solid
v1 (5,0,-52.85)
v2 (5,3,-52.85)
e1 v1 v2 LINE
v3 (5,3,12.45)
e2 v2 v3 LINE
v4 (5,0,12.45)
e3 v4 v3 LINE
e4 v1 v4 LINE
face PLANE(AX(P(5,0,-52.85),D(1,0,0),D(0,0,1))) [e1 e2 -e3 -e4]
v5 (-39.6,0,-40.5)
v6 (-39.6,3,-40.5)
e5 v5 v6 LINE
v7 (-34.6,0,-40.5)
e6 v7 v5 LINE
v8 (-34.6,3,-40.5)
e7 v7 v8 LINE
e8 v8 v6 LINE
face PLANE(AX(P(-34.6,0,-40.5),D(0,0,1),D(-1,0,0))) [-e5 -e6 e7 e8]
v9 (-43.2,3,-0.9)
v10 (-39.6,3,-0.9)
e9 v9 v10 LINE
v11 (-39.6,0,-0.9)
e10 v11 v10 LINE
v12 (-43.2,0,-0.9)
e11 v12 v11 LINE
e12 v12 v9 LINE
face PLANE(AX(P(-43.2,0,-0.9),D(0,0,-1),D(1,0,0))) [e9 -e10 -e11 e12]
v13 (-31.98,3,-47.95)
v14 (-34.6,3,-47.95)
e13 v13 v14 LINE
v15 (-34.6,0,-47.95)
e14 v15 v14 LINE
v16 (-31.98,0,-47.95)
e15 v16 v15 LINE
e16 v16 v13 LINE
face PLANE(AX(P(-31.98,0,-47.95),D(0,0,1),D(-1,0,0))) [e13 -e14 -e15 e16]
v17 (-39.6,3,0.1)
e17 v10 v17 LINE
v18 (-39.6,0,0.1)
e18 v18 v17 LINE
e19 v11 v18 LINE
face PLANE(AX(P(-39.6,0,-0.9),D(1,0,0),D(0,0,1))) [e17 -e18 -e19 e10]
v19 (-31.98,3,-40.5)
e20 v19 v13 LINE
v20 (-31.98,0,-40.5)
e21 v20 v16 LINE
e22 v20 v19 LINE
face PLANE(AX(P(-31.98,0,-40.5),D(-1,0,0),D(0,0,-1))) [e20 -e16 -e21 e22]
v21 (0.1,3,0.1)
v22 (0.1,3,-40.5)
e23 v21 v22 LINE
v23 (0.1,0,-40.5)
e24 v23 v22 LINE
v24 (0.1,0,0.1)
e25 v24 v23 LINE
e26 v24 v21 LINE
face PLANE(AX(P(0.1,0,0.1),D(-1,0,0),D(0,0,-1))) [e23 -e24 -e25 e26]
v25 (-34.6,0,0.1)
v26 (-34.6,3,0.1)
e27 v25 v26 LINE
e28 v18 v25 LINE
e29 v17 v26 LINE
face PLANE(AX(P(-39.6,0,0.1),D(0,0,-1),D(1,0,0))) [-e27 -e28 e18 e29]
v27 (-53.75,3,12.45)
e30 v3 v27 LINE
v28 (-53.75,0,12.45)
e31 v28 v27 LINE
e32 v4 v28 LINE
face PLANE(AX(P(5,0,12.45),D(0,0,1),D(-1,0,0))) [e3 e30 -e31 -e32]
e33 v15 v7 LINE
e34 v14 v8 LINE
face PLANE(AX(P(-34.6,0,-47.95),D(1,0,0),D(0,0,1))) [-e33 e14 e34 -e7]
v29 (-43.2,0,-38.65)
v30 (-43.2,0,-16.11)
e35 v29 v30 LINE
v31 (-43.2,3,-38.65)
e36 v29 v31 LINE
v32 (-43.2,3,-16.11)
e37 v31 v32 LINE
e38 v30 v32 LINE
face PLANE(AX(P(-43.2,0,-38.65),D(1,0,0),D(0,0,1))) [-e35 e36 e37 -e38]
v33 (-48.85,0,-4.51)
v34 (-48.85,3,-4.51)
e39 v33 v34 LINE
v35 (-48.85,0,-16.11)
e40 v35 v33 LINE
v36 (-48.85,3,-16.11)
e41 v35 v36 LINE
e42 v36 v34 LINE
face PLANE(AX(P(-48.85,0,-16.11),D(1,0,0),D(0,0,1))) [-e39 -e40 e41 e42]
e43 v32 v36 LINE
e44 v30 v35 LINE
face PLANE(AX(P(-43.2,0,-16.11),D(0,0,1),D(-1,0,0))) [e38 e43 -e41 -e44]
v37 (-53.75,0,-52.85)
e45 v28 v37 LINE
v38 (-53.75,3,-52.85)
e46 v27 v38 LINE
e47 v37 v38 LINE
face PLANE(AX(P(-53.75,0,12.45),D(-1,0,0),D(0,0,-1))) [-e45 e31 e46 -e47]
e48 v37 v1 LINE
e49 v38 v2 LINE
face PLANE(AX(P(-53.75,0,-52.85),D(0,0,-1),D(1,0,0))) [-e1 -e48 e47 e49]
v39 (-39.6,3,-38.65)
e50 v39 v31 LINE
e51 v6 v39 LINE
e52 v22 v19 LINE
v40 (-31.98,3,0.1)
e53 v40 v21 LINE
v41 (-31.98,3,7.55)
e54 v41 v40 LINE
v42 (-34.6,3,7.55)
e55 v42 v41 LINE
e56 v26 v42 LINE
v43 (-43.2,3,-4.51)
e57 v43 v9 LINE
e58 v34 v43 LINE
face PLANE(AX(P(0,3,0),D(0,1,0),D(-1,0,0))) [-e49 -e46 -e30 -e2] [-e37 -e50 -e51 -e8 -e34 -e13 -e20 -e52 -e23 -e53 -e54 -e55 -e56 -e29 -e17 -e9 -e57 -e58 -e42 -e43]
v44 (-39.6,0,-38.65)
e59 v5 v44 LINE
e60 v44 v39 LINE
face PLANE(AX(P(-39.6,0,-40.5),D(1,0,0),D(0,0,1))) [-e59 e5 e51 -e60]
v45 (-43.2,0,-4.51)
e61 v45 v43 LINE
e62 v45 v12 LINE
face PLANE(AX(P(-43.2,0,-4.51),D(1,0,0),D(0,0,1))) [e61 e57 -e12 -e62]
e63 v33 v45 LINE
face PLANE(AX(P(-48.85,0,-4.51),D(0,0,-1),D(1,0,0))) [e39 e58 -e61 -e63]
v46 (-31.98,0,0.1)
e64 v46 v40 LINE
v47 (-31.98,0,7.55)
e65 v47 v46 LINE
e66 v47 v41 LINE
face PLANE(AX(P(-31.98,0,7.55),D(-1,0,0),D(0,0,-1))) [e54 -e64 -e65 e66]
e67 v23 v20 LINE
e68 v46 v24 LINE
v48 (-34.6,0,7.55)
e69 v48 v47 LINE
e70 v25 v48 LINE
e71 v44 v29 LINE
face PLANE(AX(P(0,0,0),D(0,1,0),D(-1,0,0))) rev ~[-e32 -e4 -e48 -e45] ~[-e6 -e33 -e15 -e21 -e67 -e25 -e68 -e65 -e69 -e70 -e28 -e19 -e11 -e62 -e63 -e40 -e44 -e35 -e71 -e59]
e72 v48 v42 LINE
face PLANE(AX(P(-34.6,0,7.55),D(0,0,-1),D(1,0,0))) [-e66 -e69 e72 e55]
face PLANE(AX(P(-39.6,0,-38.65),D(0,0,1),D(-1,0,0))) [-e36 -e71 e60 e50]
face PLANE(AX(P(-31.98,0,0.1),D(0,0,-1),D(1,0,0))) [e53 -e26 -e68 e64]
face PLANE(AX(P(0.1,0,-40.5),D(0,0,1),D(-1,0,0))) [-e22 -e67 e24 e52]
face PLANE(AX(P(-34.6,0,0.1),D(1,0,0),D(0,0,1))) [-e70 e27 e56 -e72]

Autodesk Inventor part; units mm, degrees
ref_plane "YZ Plane" through (0, 0, 0) normal (1, 0, 0) x (0, 1, 0)
ref_plane "XZ Plane" through (0, 0, 0) normal (0, 1, 0) x (-1, 0, 0)
ref_plane "XY Plane" through (0, 0, 0) normal (0, 0, 1) x (1, 0, 0)
sketch "Sketch1" plane through (0, 0, 0) normal (0, 1, 0) x (-1, 0, 0)
  line L0 (0, 0) -> (32.08, 0)
  line L1 (39.5, 0) -> (39.5, -1)
  line L2 (39.5, -40.4) -> (34.5, -40.4)
  line L3 (0, -40.4) -> (0, 0)
  line L4 (39.5, -20.2) -> (34.5, -20.2) construction
  line L5 (34.5, 7.45) -> (32.08, 7.45)
  line L6 (32.08, 7.45) -> (32.08, 0)
  line L7 (32.08, -47.85) -> (34.5, -47.85)
  line L8 (34.5, -47.85) -> (34.5, -40.4)
  line L9 (43.1, -1) -> (39.5, -1)
  line L10 (39.5, -1) -> (39.5, -38.55) construction
  line L11 (39.5, -38.55) -> (43.1, -38.55)
  line L12 (43.1, -38.55) -> (43.1, -16.01)
  line L13 (48.75, -4.61) -> (43.1, -4.61)
  line L14 (43.1, -4.61) -> (43.1, -16.01) construction
  line L15 (43.1, -16.01) -> (48.75, -16.01)
  line L16 (48.75, -16.01) -> (48.75, -4.61)
  line L17 (48.75, 7.45) -> (0, 7.45) construction
  line L18 (0, 7.45) -> (0, -47.85) construction
  line L19 (0, -47.85) -> (48.75, -47.85) construction
  line L20 (48.75, -47.85) -> (48.75, 7.45) construction
  line L21 (-5, 12.45) -> (53.75, 12.45)
  line L22 (53.75, 12.45) -> (53.75, -52.85)
  line L23 (53.75, -52.85) -> (-5, -52.85)
  line L24 (-5, -52.85) -> (-5, 12.45)
  line L25 (34.5, 0) -> (39.5, 0)
  line L26 (32.08, 0) -> (34.5, 0) construction
  line L27 (34.5, -40.4) -> (32.08, -40.4) construction
  line L28 (32.08, -40.4) -> (0, -40.4)
  line L29 (39.5, -1) -> (39.5, -38.55) construction
  line L30 (39.5, -38.55) -> (39.5, -40.4)
  line L31 (43.1, -4.61) -> (43.1, -1)
  line L32 (43.1, -16.01) -> (43.1, -4.61) construction
  line L33 (32.08, 0) -> (32.08, -40.4) construction
  line L34 (34.5, 0) -> (34.5, 7.45)
  line L35 (34.5, -40.4) -> (34.5, 0) construction
  line L36 (32.08, -40.4) -> (32.08, -47.85)
  line L37 (34.6, 7.55) -> (31.98, 7.55)
  line L38 (31.98, 7.55) -> (31.98, 0.1)
  line L39 (31.98, 0.1) -> (-0.1, 0.1)
  line L40 (-0.1, 0.1) -> (-0.1, -40.5)
  line L41 (-0.1, -40.5) -> (31.98, -40.5)
  line L42 (31.98, -40.5) -> (31.98, -47.95)
  line L43 (31.98, -47.95) -> (34.6, -47.95)
  line L44 (34.6, -47.95) -> (34.6, -40.5)
  line L45 (34.6, -40.5) -> (39.6, -40.5)
  line L46 (39.6, -40.5) -> (39.6, -38.65)
  line L47 (39.6, -38.65) -> (43.2, -38.65)
  line L48 (43.2, -38.65) -> (43.2, -16.11)
  line L49 (43.2, -16.11) -> (48.85, -16.11)
  line L50 (48.85, -16.11) -> (48.85, -4.51)
  line L51 (48.85, -4.51) -> (43.2, -4.51)
  line L52 (43.2, -4.51) -> (43.2, -0.9)
  line L53 (43.2, -0.9) -> (39.6, -0.9)
  line L54 (39.6, -0.9) -> (39.6, 0.1)
  line L55 (39.6, 0.1) -> (34.6, 0.1)
  line L56 (34.6, 0.1) -> (34.6, 7.55)
  point P0 (41.3, -1)
  point P1 (43.1, -10.31)
  point P2 (33.29, -47.85)
  point P3 (48.75, -10.31)
  point P4 (33.29, 7.45)
  point P5 (0, -20.2)
  dimension "d0" = 39.5
  dimension "d1" = 40.4
  dimension "d2" = 5
  dimension "d3" = 2.42
  dimension "d4" = 55.3
  dimension "d5" = 3.6
  dimension "d6" = 37.55
  dimension "d8" = 5.65
  dimension "d9" = 11.4
  dimension "d10" = 4.61
  dimension "d11" = 5
  dimension "d12" = 0.1
extrude "Extrusion1" add sketch "Sketch1" along normal blind 3 contours L21 L22 L23 L24
properties part number "ft5330m_profile_v1"
